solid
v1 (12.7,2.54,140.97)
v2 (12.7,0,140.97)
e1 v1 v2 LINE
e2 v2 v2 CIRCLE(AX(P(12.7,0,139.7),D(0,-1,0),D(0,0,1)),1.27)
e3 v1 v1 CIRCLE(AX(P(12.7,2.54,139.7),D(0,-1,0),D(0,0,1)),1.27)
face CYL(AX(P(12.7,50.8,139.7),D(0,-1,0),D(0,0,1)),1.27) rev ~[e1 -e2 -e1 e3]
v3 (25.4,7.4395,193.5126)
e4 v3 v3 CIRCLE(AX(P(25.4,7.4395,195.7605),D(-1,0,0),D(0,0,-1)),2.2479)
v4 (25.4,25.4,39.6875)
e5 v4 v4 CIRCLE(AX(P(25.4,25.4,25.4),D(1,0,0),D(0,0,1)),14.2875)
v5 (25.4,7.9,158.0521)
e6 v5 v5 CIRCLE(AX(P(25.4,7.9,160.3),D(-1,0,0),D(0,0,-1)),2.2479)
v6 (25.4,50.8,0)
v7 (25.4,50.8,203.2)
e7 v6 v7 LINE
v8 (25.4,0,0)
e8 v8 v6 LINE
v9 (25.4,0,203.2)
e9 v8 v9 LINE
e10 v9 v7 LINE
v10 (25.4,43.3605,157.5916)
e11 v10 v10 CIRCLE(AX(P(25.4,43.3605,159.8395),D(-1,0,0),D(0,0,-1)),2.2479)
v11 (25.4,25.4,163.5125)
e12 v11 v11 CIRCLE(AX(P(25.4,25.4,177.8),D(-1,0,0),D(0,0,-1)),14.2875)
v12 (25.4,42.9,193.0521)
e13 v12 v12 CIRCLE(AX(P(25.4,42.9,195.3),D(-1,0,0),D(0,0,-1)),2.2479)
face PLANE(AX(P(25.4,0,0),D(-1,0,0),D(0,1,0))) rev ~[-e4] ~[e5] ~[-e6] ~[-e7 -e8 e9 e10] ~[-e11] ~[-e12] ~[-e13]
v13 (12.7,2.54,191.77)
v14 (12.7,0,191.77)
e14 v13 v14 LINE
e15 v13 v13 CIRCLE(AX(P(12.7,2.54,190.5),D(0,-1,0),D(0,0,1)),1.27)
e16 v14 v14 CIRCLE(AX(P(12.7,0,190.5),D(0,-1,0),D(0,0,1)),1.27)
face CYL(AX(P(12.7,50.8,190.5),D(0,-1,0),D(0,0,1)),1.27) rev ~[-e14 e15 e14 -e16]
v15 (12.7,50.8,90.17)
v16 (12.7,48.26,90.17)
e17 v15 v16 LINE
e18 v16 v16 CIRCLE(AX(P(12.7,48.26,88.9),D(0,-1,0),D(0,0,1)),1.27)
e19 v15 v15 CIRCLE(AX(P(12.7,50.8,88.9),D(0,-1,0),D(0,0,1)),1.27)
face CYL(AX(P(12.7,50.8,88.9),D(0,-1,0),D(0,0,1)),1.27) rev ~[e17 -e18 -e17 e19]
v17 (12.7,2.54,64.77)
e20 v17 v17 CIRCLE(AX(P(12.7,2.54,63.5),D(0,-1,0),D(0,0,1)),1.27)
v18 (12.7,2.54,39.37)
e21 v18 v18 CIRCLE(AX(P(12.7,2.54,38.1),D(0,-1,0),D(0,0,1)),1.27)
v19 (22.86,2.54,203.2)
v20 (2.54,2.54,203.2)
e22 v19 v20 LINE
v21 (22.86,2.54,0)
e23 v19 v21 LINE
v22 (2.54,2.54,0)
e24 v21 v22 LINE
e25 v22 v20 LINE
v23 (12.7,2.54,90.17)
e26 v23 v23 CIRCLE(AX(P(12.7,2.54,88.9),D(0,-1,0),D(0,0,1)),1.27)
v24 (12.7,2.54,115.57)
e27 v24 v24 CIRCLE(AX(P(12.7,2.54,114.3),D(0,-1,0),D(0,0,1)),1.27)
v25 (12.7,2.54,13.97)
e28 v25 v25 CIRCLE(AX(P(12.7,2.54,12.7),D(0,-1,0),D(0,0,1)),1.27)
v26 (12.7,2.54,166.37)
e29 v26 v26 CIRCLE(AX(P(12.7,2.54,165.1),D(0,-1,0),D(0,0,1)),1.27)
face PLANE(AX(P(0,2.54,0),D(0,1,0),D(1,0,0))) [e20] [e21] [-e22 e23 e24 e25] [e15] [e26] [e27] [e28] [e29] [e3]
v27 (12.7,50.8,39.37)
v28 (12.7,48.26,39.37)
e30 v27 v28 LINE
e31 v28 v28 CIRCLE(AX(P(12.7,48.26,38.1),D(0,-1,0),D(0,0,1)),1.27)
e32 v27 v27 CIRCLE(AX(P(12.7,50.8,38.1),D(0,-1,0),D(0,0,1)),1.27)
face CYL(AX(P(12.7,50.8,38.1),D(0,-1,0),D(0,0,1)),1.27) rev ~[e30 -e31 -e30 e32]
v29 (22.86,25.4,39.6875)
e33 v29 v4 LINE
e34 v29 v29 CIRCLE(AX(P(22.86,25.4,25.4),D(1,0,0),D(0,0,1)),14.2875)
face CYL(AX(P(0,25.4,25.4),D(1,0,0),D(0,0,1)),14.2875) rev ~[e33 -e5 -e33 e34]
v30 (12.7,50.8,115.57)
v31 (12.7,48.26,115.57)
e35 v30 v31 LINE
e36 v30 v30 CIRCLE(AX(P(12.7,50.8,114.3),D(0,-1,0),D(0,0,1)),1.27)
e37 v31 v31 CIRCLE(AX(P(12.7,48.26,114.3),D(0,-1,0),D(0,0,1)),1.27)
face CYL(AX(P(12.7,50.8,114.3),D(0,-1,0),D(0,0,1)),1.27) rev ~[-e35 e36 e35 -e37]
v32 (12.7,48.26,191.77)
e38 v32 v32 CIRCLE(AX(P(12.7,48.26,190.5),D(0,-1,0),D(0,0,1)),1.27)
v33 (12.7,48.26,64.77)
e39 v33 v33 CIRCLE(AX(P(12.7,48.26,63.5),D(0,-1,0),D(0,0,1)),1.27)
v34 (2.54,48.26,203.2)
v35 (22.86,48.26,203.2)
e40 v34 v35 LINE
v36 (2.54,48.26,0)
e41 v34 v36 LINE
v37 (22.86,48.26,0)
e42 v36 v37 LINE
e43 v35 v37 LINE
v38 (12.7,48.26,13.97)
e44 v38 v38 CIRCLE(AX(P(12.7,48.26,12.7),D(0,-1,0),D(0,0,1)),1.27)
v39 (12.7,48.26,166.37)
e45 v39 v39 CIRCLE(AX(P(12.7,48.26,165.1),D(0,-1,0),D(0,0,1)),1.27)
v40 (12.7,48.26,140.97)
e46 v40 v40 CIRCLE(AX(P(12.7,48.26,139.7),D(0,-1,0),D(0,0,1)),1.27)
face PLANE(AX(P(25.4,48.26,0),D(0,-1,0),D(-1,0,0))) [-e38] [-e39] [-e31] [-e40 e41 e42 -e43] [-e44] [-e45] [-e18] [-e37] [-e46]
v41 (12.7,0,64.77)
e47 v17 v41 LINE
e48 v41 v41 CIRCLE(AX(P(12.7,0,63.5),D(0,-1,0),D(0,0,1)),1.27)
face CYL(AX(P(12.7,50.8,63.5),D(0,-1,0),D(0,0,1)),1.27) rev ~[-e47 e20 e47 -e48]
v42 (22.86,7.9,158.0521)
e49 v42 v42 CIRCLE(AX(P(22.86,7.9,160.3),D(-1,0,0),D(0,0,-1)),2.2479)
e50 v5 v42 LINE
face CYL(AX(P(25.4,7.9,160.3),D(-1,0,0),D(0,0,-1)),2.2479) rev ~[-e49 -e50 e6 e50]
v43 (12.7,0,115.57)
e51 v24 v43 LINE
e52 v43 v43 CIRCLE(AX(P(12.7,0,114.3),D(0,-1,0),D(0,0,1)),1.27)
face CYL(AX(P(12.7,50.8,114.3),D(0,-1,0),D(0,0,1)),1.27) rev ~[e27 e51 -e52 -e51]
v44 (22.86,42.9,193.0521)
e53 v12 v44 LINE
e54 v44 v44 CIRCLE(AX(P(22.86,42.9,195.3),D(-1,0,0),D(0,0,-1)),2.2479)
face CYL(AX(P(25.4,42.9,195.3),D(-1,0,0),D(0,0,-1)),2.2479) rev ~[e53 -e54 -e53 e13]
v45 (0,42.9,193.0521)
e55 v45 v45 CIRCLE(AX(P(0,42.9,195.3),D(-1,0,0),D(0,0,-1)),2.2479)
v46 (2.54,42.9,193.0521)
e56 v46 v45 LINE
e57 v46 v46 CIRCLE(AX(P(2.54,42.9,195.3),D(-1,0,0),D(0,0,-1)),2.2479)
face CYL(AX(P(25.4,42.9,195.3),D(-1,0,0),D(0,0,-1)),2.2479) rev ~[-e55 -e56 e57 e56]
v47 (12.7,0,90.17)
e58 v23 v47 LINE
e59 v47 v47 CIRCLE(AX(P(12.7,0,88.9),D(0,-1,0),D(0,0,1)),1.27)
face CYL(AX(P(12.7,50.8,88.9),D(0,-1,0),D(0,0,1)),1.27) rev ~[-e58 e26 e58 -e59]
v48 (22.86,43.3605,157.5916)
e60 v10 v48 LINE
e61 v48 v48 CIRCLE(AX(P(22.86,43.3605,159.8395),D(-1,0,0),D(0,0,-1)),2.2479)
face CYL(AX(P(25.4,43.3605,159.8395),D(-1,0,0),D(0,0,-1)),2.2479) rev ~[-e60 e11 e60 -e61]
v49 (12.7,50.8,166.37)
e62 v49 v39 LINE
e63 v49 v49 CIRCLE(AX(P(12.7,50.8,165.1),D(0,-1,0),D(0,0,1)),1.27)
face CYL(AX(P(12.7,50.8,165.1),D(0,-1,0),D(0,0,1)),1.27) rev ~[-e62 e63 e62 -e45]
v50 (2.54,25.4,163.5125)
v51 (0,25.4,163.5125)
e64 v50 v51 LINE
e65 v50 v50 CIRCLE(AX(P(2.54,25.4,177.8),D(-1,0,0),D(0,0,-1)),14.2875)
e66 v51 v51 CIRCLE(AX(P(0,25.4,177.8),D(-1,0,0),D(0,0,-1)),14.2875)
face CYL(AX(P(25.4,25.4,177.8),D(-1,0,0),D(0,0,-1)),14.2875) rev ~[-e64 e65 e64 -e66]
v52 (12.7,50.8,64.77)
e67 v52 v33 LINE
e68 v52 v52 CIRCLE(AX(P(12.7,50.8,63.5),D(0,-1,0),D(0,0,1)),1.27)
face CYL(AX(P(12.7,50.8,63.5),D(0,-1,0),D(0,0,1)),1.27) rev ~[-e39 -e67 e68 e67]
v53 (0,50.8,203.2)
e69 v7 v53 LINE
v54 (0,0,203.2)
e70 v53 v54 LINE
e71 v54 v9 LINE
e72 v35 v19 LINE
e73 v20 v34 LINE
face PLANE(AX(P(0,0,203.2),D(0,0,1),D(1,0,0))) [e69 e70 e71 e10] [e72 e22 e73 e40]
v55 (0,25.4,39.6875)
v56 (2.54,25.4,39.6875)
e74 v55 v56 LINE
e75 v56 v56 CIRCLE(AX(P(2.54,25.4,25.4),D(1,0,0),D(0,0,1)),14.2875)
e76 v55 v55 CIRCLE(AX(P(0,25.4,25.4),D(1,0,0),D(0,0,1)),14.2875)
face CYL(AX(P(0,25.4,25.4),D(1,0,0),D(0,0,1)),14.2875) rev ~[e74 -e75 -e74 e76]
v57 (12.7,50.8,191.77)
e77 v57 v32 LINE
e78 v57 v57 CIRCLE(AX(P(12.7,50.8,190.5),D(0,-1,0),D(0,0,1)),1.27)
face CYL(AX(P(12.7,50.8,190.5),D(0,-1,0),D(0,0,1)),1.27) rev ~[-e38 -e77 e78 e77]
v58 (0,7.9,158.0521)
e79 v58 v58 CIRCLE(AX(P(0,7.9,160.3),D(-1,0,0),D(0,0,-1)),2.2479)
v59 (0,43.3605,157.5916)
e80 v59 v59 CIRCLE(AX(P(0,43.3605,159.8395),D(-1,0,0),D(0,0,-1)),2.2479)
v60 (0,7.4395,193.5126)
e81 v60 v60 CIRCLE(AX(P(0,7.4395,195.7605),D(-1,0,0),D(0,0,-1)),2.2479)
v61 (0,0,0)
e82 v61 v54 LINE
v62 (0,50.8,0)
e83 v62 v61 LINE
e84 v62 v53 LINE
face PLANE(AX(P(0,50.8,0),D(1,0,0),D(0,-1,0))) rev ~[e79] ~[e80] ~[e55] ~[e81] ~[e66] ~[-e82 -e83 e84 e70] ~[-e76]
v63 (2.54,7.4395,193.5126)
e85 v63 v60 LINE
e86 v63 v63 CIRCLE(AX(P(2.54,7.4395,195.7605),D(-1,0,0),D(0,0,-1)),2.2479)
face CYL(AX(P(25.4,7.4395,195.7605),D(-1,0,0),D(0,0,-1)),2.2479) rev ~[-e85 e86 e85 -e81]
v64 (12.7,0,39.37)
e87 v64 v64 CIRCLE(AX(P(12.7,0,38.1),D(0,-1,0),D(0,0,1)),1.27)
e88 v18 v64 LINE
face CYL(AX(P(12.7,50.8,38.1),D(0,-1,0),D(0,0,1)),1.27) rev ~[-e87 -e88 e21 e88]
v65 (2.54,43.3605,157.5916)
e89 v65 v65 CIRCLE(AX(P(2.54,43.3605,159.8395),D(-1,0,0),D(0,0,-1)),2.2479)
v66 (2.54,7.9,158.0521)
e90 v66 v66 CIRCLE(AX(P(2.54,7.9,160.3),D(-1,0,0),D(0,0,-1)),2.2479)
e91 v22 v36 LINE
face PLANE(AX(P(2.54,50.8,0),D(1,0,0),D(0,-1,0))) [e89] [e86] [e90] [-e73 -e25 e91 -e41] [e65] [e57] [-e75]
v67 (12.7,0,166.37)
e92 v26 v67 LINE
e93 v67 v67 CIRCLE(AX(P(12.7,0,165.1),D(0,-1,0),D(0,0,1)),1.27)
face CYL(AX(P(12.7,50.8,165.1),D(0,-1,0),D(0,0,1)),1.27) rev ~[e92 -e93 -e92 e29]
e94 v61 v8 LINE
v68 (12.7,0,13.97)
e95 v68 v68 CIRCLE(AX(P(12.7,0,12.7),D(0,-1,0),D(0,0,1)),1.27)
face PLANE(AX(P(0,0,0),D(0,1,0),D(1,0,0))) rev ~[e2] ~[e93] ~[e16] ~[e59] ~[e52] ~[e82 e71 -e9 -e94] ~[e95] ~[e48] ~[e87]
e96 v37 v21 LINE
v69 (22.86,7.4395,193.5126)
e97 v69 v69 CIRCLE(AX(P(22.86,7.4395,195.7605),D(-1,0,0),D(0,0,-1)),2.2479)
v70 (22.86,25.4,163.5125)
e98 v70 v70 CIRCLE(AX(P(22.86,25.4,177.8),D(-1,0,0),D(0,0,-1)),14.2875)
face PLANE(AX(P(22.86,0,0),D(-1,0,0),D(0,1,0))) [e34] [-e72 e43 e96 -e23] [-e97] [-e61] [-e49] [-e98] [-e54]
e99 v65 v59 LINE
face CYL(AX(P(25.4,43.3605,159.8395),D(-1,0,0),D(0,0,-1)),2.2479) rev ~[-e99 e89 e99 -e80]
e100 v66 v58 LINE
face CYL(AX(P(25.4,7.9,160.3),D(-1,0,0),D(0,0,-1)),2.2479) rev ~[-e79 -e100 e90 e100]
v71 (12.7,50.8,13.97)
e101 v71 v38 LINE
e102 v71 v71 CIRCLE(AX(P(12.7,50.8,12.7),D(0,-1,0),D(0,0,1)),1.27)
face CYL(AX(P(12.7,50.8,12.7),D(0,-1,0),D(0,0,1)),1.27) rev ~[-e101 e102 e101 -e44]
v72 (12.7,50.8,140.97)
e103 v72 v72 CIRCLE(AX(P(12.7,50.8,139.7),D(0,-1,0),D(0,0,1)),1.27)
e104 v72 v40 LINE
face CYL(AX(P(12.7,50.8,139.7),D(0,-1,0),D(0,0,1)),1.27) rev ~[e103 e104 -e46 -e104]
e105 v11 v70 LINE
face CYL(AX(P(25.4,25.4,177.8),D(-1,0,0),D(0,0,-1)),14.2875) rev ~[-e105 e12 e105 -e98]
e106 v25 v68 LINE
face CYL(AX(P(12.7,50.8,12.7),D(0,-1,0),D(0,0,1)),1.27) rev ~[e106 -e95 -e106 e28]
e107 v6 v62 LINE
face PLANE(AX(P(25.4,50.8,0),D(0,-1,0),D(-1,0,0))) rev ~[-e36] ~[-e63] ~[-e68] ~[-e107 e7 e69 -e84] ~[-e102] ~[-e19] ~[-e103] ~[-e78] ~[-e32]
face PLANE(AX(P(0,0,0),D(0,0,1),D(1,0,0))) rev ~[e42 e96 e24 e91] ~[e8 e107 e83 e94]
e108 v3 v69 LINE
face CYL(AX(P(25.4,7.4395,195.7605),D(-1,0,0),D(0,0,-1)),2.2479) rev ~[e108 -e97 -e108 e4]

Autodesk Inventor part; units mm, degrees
ref_plane "YZ Plane" through (0, 0, 0) normal (1, 0, 0) x (0, 1, 0)
ref_plane "XZ Plane" through (0, 0, 0) normal (0, 1, 0) x (-1, 0, 0)
ref_plane "XY Plane" through (0, 0, 0) normal (0, 0, 1) x (1, 0, 0)
sketch "Sketch1" plane through (0, 0, 0) normal (0, 0, 1) x (1, 0, 0)
  line L0 (0, 0) -> (25.4, 0)
  line L1 (25.4, 0) -> (25.4, 50.8)
  line L2 (25.4, 50.8) -> (0, 50.8)
  line L3 (0, 50.8) -> (0, 0)
  dimension "d0" = 25.4
  dimension "d1" = 50.8
extrude "Extrusion1" add sketch "Sketch1" along normal blind 203.2
shell "Shell1" thickness 2.54 removed faces 2 at (8.4667, 33.8667, 0) at (8.4667, 33.8667, 203.2)
sketch "Sketch2" plane through (0, 50.8, 0) normal (0, 1, 0) x (1, 0, 0)
  line L0 (25.4, 0) -> (0, 0) projected
  line L1 (0, 0) -> (0, -203.2) projected
  point P0 (12.7, -12.7)
  point P1 (12.7, -38.1)
  point P2 (12.7, -63.5)
  point P3 (12.7, -88.9)
  point P4 (12.7, -114.3)
  point P5 (12.7, -139.7)
  point P6 (12.7, -165.1)
  point P7 (12.7, -190.5)
  point P8 (12.7, -215.9)
  point P9 (12.7, -241.3)
  point P10 (12.7, -266.7)
  point P11 (12.7, -292.1)
  point P12 (12.7, -317.5)
  point P13 (12.7, -342.9)
  point P14 (12.7, -368.3)
  point P15 (12.7, -393.7)
  point P16 (12.7, -419.1)
  point P17 (12.7, -444.5)
  point P18 (12.7, -469.9)
  point P19 (12.7, -495.3)
  point P20 (12.7, -520.7)
  point P21 (12.7, -546.1)
  point P22 (12.7, -571.5)
  point P23 (12.7, -596.9)
  point P24 (12.7, -622.3)
  point P25 (12.7, -647.7)
  point P26 (12.7, -673.1)
  point P27 (12.7, -698.5)
  point P28 (12.7, -723.9)
  point P29 (12.7, -749.3)
  point P30 (12.7, -774.7)
  point P31 (12.7, -800.1)
  point P32 (12.7, -825.5)
  point P33 (12.7, -850.9)
  point P34 (12.7, -876.3)
  point P35 (12.7, -901.7)
  point P36 (12.7, -927.1)
  dimension "d5" = 12.7
  dimension "d6" = 12.7
  dimension "d9" = 25.4
hole "Hole1" at (12.7, 50.8, 12.7) at (12.7, 50.8, 38.1) at (12.7, 50.8, 63.5) at (12.7, 50.8, 88.9) at (12.7, 50.8, 114.3) at (12.7, 50.8, 139.7) at (12.7, 50.8, 165.1) at (12.7, 50.8, 190.5) at (12.7, 50.8, 215.9) at (12.7, 50.8, 241.3) at (12.7, 50.8, 266.7) at (12.7, 50.8, 292.1) at (12.7, 50.8, 317.5) at (12.7, 50.8, 342.9) at (12.7, 50.8, 368.3) at (12.7, 50.8, 393.7) at (12.7, 50.8, 419.1) at (12.7, 50.8, 444.5) at (12.7, 50.8, 469.9) at (12.7, 50.8, 495.3) at (12.7, 50.8, 520.7) at (12.7, 50.8, 546.1) at (12.7, 50.8, 571.5) at (12.7, 50.8, 596.9) at (12.7, 50.8, 622.3) at (12.7, 50.8, 647.7) at (12.7, 50.8, 673.1) at (12.7, 50.8, 698.5) at (12.7, 50.8, 723.9) at (12.7, 50.8, 749.3) at (12.7, 50.8, 774.7) at (12.7, 50.8, 800.1) at (12.7, 50.8, 825.5) at (12.7, 50.8, 850.9) at (12.7, 50.8, 876.3) at (12.7, 50.8, 901.7) direction (0, -1, 0) diameter 2.54 depth 50.8 tip angle 118
sketch "Sketch14" plane through (0, 0, 0) normal (-1, 0, 0) x (0, 0, 1)
  circle A0 centre (25.4, 25.4) radius 6.35 projected
  point P0 (0, 0)
hole "Hole6" at (0, 25.4, 25.4) direction (1, 0, 0) diameter 28.575 depth 25.4 tip angle 118
sketch "Sketch15" plane through (25.4, 0, 0) normal (1, 0, 0) x (0, 0, -1)
  circle A0 centre (-177.8, 25.4) radius 20 projected
  point P0 (0, 0)
hole "Hole7" at (25.4, 25.4, 177.8) direction (-1, 0, 0) diameter 28.575 depth 25.4 tip angle 118
sketch "Sketch16" plane through (25.4, 0, 0) normal (1, 0, 0) x (0, 0, -1)
  circle A0 centre (-159.8395, 43.3605) radius 3.3655 projected
  circle A1 centre (-195.7605, 7.4395) radius 3.3655 projected
  circle A2 centre (-195.3, 42.9) radius 3.3655 projected
  circle A3 centre (-160.3, 7.9) radius 3.1115 projected
  point P0 (0, 0)
hole "Hole8" at (25.4, 7.9, 160.3) at (25.4, 43.3605, 159.8395) at (25.4, 42.9, 195.3) at (25.4, 7.4395, 195.7605) direction (-1, 0, 0) diameter 4.4958 depth 25.4 tip angle 118 clearance for "Flat Head Machine Screw (82)" size "#8" standard "Ansi Unified Screw Threads"
properties part number "Support Pivs 2522" material "Aluminum 6061"
